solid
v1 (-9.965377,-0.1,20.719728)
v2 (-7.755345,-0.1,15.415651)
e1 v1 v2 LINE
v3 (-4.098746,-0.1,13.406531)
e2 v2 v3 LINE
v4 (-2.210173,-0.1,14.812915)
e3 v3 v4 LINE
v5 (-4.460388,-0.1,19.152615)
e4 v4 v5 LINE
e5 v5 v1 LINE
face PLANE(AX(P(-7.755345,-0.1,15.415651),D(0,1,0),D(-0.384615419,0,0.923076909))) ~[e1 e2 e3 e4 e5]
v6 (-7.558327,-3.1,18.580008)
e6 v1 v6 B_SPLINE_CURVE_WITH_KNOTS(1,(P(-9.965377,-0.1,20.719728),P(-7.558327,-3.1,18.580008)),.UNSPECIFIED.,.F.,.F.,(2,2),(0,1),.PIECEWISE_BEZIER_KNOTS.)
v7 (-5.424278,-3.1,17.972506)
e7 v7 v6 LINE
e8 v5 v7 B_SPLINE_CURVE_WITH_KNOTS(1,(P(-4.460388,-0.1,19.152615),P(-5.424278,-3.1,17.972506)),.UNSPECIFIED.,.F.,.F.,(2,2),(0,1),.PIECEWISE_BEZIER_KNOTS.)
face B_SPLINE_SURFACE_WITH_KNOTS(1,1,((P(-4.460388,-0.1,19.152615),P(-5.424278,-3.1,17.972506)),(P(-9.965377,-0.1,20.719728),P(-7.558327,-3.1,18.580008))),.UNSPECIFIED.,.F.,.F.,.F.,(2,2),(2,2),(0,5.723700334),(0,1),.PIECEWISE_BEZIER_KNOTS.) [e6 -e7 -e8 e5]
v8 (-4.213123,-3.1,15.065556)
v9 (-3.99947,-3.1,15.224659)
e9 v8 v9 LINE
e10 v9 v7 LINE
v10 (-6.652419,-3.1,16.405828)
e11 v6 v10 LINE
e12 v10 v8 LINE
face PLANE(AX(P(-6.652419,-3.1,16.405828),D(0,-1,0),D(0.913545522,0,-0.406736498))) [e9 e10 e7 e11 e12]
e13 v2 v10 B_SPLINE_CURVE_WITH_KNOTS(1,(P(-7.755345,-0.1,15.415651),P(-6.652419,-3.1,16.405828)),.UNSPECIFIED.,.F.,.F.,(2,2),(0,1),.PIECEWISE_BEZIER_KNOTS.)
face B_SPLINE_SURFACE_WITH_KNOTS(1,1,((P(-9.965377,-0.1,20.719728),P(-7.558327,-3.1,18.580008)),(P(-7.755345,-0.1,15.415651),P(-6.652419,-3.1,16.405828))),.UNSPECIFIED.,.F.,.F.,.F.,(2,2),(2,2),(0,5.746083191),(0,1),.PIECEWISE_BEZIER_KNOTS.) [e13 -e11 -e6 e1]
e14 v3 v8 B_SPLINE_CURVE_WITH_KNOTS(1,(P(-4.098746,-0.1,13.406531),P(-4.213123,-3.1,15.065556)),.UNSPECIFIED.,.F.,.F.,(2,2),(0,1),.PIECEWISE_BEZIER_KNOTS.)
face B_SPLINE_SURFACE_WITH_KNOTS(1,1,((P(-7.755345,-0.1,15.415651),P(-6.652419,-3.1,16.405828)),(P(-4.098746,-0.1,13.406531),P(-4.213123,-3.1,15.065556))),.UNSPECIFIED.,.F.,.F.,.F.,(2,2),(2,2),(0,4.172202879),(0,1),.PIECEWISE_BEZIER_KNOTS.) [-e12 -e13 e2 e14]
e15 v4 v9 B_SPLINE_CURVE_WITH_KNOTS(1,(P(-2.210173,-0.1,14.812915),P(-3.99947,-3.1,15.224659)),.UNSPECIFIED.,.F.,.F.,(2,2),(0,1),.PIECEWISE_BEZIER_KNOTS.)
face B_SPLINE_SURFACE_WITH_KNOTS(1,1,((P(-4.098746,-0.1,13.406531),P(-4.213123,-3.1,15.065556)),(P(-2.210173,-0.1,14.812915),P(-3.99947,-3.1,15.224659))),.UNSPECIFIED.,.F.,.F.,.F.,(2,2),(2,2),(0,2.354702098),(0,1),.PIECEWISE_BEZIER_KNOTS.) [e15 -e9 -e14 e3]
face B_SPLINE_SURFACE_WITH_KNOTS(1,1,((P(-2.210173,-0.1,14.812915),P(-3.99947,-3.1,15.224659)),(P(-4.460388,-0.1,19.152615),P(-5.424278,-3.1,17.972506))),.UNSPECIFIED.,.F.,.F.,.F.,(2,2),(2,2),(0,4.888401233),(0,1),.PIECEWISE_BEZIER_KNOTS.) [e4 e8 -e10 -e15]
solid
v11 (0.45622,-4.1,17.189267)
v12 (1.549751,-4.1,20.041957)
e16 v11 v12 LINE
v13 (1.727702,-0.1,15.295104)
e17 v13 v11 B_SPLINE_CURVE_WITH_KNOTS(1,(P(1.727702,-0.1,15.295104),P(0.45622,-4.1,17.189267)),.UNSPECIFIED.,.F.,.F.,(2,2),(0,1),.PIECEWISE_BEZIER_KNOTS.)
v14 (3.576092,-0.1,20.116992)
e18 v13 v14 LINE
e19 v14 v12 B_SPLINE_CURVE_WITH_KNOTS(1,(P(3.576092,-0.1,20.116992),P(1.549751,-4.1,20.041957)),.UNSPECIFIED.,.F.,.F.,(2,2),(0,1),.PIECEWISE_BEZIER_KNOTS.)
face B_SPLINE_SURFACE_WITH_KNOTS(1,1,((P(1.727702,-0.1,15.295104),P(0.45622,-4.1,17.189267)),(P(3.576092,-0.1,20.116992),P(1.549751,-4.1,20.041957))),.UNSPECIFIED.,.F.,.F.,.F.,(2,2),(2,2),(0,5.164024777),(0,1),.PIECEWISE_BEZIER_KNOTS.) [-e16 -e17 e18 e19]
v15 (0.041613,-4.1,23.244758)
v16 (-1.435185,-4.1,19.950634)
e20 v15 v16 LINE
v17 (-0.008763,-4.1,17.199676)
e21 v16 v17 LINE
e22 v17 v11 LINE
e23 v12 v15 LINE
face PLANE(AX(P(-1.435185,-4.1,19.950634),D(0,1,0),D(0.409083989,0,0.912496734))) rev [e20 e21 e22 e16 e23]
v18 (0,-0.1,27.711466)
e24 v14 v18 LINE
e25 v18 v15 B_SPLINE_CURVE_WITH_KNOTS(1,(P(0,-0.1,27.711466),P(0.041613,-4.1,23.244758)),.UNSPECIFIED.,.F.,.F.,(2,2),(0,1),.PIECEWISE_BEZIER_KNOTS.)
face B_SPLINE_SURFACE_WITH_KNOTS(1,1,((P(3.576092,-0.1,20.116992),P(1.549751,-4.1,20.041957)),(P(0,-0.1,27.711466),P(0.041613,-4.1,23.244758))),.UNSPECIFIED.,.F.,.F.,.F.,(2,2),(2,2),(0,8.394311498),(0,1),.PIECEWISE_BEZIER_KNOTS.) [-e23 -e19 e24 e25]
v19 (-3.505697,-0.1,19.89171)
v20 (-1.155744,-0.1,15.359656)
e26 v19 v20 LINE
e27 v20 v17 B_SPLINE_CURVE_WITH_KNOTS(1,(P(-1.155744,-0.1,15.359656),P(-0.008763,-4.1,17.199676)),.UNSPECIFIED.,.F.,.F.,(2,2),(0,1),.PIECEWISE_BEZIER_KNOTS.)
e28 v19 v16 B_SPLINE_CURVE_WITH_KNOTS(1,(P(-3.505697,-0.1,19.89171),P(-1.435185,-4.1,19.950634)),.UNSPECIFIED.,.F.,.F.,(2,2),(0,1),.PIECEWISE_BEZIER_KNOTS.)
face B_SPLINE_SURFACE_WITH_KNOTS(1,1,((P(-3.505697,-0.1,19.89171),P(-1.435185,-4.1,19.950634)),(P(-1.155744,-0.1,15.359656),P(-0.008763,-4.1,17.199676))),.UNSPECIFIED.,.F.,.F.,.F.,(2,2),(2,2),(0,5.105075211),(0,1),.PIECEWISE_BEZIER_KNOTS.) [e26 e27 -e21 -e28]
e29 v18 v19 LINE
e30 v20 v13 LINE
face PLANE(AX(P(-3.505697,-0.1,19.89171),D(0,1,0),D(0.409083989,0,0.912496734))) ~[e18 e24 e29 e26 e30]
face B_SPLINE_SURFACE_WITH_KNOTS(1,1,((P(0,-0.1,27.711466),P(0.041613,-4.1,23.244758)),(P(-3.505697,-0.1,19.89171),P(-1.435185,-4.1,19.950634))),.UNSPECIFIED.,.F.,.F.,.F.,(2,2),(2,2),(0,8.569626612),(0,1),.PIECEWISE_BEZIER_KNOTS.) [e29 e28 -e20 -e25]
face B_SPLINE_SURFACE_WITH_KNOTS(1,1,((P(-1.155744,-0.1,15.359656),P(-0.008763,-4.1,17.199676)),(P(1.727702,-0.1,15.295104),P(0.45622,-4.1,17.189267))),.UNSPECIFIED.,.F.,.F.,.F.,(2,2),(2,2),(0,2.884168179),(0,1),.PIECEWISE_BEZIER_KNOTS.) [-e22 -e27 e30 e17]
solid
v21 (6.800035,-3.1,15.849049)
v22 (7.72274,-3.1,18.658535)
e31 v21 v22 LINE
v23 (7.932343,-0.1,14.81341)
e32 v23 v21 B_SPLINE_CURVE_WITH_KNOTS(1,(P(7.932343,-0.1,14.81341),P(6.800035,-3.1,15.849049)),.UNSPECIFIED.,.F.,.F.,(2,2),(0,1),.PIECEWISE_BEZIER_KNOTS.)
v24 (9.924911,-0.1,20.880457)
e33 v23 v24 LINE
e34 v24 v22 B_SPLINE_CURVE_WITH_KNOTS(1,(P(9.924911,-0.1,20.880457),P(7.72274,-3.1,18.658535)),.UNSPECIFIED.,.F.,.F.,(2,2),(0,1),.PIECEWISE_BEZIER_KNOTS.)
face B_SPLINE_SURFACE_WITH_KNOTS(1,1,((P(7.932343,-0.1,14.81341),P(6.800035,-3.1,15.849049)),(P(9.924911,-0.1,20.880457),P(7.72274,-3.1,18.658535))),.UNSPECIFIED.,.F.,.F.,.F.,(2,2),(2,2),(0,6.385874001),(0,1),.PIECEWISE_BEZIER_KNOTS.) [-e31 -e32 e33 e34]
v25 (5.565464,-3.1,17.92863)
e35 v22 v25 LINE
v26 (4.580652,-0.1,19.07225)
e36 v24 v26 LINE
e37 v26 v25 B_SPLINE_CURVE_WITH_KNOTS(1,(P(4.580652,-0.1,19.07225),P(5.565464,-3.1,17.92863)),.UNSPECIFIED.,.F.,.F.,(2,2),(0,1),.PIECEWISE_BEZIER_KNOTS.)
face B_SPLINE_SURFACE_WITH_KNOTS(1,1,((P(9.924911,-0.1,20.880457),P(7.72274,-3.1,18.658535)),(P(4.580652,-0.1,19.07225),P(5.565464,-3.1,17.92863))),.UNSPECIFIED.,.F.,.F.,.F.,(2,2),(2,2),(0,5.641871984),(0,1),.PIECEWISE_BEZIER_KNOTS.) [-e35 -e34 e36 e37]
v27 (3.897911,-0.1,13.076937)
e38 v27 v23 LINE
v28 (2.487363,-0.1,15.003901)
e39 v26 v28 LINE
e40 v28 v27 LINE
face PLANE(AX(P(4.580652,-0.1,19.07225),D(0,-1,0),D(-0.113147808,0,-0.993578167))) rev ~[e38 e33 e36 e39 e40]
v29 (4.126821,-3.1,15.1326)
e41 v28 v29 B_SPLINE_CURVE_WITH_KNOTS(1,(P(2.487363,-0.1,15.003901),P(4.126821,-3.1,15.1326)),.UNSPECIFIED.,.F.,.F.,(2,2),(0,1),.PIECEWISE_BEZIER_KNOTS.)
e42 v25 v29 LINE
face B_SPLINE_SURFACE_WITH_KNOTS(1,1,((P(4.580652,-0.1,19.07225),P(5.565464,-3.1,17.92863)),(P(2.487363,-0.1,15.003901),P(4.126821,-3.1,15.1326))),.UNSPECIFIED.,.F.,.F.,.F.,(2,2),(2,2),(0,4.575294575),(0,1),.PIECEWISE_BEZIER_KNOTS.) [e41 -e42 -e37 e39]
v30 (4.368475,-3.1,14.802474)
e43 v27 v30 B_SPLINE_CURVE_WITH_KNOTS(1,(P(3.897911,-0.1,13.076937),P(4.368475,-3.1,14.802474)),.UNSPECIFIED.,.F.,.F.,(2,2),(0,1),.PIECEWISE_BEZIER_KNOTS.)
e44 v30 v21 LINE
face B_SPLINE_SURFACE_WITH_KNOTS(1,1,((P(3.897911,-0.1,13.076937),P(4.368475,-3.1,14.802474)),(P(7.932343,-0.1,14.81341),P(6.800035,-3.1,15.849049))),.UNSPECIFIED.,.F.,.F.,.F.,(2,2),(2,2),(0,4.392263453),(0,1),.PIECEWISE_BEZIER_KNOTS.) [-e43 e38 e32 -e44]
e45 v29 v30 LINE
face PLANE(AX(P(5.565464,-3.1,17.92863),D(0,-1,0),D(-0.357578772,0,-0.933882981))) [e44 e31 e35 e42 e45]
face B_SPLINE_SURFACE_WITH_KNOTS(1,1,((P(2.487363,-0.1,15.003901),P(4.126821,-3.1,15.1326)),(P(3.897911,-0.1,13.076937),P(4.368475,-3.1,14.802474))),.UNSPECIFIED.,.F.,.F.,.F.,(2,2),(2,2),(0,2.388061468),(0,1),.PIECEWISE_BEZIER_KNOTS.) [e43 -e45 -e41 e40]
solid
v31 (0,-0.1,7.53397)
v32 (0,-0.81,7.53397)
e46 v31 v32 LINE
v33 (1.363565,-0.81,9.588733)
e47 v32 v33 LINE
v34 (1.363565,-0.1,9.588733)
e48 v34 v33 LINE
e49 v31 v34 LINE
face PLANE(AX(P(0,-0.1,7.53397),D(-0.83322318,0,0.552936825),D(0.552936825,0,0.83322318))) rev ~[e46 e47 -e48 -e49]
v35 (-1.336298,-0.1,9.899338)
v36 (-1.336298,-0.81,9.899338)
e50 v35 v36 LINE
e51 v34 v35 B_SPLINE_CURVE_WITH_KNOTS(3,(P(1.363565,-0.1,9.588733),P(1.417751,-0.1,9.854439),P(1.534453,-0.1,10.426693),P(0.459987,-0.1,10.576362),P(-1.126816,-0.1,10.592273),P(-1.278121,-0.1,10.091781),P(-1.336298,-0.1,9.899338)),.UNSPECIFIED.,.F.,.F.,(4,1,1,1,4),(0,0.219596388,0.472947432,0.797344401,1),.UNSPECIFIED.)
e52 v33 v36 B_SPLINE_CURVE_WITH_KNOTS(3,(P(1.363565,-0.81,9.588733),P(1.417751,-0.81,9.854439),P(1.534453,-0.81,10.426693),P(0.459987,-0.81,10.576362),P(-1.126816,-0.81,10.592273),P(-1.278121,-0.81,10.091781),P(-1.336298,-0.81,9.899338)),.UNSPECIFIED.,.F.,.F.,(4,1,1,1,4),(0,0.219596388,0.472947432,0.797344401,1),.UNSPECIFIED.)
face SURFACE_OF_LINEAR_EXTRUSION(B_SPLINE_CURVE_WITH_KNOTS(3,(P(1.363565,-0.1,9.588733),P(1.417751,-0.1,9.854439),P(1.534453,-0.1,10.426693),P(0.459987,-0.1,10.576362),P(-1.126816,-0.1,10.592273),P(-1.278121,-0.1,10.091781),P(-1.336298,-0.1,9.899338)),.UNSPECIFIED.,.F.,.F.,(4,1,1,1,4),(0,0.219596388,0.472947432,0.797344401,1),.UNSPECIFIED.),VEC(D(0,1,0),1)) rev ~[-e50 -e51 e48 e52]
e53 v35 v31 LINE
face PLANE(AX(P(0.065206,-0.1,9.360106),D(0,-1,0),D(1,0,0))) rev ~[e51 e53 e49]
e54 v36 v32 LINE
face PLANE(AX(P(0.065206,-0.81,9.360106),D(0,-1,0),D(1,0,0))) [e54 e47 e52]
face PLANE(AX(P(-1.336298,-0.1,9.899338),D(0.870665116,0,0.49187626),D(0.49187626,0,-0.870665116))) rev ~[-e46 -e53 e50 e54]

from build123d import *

# Parameters (mm, degrees)
F2_DEPTH = 3
F2_TAPER = 25
F3_DEPTH = 4
F3_TAPER = 25
F4_DEPTH = 3
F4_TAPER = 25
F5_DEPTH = 0.71


with BuildPart() as f2:
    # F1 (on offset) → F2 (new body)
    with BuildSketch(Plane.XZ.offset(0.1)):
        Polygon((-7.7553447336, 15.4156507924), (-4.0987459943, 13.4065309539), (-2.2101732902, 14.8129146546), (-4.4603878632, 19.1526152194), (-9.9653769284, 20.7197275013), align=None)
    extrude(amount=F2_DEPTH, taper=F2_TAPER)


with BuildPart() as f3:
    # F1 (on offset) → F3 (new body)
    with BuildSketch(Plane.XZ.offset(0.1)):
        Polygon((-3.5056970365, 19.8917096573), (-1.1557437313, 15.3596557775), (1.7277019797, 15.2951041237), (3.5760921892, 20.1169922948), (0, 27.7114659548), align=None)
    extrude(amount=F3_DEPTH, taper=F3_TAPER)


with BuildPart() as f4:
    # F1 (on offset) → F4 (new body)
    with BuildSketch(Plane.XZ.offset(0.1)):
        Polygon((4.5806518756, 19.0722495317), (2.4873625259, 15.0039009546), (3.8979109377, 13.0769368261), (7.9323425889, 14.8134101182), (9.9249109626, 20.8804570138), align=None)
    extrude(amount=F4_DEPTH, taper=F4_TAPER)


with BuildPart() as f5:
    # F1 (on offset) → F5 (new body)
    with BuildSketch(Plane.XZ.offset(0.1)):
        with BuildLine():
            add(Edge.make_bspline(
                [(1.363565214, 9.5887333155), (1.4177514223, 9.8544390363), (1.5344529232, 10.4266927033), (0.4599871868, 10.5763621916), (-1.1268164757, 10.5922729572), (-1.2781205396, 10.091780729), (-1.3362980681, 9.899337776)],
                knots=[0, 0, 0, 0, 0.2195963883, 0.4729474323, 0.7973444006, 1, 1, 1, 1], degree=3))
            Line((-1.3362980681, 9.899337776), (0, 7.5339702889))
            Line((0, 7.5339702889), (1.363565214, 9.5887333155))
        make_face()
    extrude(amount=F5_DEPTH)


solid = Compound([f2.part, f3.part, f4.part, f5.part])
